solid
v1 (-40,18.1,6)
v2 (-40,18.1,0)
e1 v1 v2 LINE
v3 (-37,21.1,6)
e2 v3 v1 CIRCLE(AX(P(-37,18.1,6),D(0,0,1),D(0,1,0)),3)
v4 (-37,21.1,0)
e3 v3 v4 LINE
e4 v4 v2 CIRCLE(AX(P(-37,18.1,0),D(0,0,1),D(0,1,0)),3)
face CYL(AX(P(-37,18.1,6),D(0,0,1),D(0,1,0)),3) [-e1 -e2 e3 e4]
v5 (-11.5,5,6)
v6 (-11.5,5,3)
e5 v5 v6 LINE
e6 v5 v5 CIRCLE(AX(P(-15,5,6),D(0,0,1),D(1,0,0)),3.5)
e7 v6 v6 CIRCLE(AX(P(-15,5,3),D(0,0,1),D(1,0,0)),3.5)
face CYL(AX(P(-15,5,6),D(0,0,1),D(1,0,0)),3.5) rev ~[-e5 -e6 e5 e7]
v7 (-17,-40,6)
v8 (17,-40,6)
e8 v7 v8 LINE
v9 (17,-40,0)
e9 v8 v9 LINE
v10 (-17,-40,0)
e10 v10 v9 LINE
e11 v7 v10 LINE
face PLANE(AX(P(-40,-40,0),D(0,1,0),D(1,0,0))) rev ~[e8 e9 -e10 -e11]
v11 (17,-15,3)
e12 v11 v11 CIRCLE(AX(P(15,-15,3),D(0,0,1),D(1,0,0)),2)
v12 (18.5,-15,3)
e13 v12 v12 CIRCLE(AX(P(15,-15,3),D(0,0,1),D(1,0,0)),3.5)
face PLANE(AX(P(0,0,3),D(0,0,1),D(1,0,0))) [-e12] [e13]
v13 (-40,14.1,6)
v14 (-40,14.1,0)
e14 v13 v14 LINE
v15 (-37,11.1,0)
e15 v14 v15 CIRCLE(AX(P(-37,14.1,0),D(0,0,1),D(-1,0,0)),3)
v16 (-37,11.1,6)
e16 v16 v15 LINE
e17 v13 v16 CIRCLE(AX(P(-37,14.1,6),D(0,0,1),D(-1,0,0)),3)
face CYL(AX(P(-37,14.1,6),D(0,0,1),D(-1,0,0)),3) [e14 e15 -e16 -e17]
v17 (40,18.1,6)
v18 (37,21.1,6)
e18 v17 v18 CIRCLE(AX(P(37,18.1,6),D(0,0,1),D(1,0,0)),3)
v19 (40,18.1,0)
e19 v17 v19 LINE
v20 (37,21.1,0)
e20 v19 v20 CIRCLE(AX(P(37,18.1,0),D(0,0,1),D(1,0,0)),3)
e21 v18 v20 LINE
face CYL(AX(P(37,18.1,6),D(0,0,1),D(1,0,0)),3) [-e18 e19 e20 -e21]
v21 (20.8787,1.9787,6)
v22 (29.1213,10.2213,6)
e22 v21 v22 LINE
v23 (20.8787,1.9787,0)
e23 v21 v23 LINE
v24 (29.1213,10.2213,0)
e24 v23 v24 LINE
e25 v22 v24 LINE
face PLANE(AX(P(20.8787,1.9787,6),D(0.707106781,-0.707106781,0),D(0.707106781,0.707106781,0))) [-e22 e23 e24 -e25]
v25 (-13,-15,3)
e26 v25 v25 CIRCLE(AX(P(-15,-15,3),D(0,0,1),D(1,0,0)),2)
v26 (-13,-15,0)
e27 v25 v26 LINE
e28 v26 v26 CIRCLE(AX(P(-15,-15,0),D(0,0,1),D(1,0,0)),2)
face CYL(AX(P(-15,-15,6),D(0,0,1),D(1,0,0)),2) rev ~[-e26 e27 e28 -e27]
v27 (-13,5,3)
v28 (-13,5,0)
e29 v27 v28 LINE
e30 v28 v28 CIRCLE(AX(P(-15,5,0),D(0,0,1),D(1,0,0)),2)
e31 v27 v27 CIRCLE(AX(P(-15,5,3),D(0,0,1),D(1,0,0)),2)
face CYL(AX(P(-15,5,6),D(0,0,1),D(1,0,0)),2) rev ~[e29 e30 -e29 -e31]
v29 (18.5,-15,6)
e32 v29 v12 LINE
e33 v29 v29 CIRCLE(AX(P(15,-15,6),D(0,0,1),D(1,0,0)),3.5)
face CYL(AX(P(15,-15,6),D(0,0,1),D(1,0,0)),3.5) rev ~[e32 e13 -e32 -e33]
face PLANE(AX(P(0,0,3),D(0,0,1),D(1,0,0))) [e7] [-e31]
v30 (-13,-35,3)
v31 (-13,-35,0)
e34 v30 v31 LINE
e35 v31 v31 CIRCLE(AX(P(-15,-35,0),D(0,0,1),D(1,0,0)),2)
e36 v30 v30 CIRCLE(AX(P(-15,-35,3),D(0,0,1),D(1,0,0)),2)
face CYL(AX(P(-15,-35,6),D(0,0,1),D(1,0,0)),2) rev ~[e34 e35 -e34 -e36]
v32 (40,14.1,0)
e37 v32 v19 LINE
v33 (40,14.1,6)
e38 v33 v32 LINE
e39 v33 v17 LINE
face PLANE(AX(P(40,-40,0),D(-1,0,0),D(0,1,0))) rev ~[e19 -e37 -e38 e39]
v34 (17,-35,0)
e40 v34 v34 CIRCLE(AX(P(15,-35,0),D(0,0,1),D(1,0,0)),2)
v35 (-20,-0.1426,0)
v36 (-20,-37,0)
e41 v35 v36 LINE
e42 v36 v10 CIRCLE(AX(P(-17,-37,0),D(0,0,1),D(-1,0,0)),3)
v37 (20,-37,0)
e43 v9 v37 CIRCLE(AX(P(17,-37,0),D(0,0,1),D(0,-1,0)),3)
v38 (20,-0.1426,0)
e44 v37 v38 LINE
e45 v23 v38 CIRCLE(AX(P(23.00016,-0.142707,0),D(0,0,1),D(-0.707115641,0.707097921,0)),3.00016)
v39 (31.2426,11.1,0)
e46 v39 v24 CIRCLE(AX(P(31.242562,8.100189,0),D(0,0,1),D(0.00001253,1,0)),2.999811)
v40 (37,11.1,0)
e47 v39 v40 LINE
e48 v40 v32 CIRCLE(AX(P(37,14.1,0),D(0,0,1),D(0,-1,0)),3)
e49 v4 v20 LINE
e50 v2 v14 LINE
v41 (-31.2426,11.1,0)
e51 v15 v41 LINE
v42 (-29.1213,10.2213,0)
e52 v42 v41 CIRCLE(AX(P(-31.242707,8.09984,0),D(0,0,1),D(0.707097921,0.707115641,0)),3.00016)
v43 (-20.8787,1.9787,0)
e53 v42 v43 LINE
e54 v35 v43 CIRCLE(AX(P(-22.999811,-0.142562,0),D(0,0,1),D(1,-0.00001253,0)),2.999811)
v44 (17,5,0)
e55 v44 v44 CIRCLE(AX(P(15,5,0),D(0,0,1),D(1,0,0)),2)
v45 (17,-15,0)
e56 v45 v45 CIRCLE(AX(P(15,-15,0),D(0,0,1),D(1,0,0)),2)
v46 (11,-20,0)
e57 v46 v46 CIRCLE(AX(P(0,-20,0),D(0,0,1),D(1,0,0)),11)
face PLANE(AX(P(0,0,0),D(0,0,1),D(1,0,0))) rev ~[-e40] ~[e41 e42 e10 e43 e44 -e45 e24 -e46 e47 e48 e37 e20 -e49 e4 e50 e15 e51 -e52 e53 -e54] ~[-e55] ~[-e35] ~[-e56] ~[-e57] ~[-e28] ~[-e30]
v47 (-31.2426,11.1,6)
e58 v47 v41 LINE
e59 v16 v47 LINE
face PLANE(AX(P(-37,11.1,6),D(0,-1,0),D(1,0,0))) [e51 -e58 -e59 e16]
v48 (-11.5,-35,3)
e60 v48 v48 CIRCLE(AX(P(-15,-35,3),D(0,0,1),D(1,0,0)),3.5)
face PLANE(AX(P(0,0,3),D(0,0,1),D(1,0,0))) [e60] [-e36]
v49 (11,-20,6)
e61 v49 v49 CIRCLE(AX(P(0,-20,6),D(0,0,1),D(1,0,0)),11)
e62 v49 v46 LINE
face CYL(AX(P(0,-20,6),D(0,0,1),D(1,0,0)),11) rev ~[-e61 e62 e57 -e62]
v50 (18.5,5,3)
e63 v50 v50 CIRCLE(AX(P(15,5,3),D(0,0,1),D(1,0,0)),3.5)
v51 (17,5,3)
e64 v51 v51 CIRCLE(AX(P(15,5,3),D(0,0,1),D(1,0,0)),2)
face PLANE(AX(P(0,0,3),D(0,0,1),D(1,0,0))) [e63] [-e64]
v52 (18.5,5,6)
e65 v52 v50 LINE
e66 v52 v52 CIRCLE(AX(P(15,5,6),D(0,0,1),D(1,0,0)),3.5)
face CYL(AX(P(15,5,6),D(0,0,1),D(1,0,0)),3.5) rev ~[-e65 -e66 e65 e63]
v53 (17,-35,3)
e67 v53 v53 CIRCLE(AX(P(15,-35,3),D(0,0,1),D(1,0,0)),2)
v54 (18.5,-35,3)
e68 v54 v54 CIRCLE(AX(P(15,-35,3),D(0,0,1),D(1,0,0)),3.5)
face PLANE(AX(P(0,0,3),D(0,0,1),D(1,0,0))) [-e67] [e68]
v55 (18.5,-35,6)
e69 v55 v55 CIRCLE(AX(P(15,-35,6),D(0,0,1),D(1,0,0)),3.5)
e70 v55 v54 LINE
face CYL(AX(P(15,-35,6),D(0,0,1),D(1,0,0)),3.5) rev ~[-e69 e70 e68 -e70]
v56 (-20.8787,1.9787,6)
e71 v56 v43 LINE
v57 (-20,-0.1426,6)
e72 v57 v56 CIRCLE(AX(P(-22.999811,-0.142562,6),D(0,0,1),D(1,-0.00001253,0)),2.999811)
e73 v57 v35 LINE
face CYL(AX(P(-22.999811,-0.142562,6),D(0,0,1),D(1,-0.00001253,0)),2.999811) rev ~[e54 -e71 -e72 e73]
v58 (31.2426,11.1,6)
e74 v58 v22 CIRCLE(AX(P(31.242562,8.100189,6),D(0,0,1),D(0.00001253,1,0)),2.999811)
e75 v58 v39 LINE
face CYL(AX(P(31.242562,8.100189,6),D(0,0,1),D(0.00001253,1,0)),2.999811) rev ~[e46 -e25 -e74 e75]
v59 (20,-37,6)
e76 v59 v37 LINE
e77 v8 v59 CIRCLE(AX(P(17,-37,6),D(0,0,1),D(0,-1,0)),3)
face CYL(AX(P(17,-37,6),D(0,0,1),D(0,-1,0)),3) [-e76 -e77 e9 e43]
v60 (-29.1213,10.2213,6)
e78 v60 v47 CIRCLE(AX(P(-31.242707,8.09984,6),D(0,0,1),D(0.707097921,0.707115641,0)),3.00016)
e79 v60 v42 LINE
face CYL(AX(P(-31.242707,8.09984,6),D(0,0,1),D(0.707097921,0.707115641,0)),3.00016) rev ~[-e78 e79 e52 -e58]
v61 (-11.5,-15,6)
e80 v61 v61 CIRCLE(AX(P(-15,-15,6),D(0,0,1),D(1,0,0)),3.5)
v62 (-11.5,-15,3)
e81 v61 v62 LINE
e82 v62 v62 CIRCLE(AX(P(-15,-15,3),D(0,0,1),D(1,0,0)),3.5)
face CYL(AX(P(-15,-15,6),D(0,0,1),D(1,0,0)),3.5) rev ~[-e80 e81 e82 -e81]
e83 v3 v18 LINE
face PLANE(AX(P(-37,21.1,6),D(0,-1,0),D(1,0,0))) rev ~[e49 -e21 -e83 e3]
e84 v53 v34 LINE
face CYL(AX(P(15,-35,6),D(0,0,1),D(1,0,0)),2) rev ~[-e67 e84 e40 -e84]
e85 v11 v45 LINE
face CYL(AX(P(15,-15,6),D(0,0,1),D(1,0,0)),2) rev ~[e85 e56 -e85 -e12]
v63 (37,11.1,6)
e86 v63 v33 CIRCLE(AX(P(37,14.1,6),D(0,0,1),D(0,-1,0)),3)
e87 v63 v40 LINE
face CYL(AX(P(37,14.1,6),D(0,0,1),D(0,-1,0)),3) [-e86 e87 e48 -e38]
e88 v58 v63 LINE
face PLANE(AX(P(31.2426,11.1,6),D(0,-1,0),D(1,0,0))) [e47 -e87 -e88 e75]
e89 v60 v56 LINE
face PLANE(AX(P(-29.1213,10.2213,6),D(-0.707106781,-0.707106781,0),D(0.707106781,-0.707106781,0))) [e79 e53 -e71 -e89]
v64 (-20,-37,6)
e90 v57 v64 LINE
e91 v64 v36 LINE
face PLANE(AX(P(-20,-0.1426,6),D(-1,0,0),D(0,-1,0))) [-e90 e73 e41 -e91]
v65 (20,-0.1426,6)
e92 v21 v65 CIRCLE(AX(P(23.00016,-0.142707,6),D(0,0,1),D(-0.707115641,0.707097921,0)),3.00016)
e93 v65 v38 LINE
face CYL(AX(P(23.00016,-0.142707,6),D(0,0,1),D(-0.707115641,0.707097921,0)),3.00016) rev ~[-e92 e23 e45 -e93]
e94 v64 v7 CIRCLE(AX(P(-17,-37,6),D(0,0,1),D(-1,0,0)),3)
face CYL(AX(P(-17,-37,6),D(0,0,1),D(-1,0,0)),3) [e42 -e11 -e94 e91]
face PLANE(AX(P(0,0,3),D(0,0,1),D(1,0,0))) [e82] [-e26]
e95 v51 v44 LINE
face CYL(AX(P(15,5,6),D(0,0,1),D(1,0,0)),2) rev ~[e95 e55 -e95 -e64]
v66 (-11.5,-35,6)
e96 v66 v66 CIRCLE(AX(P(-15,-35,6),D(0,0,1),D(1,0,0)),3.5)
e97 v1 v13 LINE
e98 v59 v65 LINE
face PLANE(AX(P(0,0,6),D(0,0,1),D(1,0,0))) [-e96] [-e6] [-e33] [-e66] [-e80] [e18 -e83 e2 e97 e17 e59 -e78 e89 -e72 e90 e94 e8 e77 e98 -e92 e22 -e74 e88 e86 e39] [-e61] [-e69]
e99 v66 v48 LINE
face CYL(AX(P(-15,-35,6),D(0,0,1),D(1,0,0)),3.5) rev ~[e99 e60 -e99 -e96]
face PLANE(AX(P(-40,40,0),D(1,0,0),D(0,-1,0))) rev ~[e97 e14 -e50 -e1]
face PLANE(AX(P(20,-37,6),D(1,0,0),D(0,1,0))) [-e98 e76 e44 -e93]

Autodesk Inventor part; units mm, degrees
ref_plane "YZ Plane" through (0, 0, 0) normal (1, 0, 0) x (0, 1, 0)
ref_plane "XZ Plane" through (0, 0, 0) normal (0, 1, 0) x (-1, 0, 0)
ref_plane "XY Plane" through (0, 0, 0) normal (0, 0, 1) x (1, 0, 0)
sketch "Sketch1" plane through (0, 0, 0) normal (0, 0, 1) x (1, 0, 0)
  line L0 (-40, -40) -> (40, -40)
  line L1 (40, -40) -> (40, 40)
  line L2 (40, 40) -> (-40, 40)
  line L3 (-40, 40) -> (-40, -40)
  line L4 (-40, -40) -> (40, 40) construction
  line L5 (40, -40) -> (-40, 40) construction
  point P0 (0, 0)
  dimension "d0" = 80
  dimension "d1" = 80
extrude "Extrusion1" add sketch "Sketch1" along normal blind 6
sketch "Sketch2" plane through (0, 0, 6) normal (0, 0, 1) x (1, 0, 0)
  arc A0 (-37, 21.1) -> (-40, 18.1) centre (-37, 18.1) ccw projected
  line L0 (-40, 14.1) -> (-40, 18.1) projected
  arc A1 (-40, 14.1) -> (-37, 11.1) centre (-37, 14.1) ccw projected
  line L1 (-37, 11.1) -> (-31.2426, 11.1) projected
  arc A2 (-29.1213, 10.2213) -> (-31.2426, 11.1) centre (-31.2426, 8.1) ccw projected
  line L2 (-29.1213, 10.2213) -> (-20.8787, 1.9787) projected
  arc A3 (-20, -0.1426) -> (-20.8787, 1.9787) centre (-23, -0.1426) ccw projected
  line L3 (-20, -0.1426) -> (-20, -37) projected
  arc A4 (-20, -37) -> (-17, -40) centre (-17, -37) ccw projected
  line L4 (-17, -40) -> (17, -40) projected
  arc A5 (17, -40) -> (20, -37) centre (17, -37) ccw projected
  line L5 (20, -37) -> (20, -0.1426) projected
  arc A6 (20.8787, 1.9787) -> (20, -0.1426) centre (23, -0.1426) ccw projected
  line L6 (20.8787, 1.9787) -> (29.1213, 10.2213) projected
  arc A7 (31.2426, 11.1) -> (29.1213, 10.2213) centre (31.2426, 8.1) ccw projected
  line L7 (31.2426, 11.1) -> (37, 11.1) projected
  arc A8 (37, 11.1) -> (40, 14.1) centre (37, 14.1) ccw projected
  line L8 (40, 14.1) -> (40, 18.1) projected
  arc A9 (40, 18.1) -> (37, 21.1) centre (37, 18.1) ccw projected
  line L9 (-37, 21.1) -> (37, 21.1) projected
  line L10 (10.1, -30) -> (10.1, 11.1) projected
  line L11 (10.1, -30) -> (-10.1, -30) projected
  line L12 (-10.1, -30) -> (-10.1, 11.1) projected
  line L13 (-10.1, 11.1) -> (10.1, 11.1) projected
  circle A10 centre (15, -35) radius 2 projected
  circle A11 centre (-15, -15) radius 2 projected
  circle A12 centre (-15, -35) radius 2 projected
  circle A13 centre (15, -15) radius 2 projected
  circle A14 centre (-15, 5) radius 2 projected
  circle A15 centre (15, 5) radius 2 projected
  line L14 (-40, -40) -> (40, -40)
  line L15 (40, -40) -> (40, 40)
  line L16 (40, 40) -> (-40, 40)
  line L17 (-40, 40) -> (-40, -40)
  line L18 (-40, -40) -> (40, 40) construction
  line L19 (40, -40) -> (-40, 40) construction
  line L20 (40, 40) -> (-40, 40) projected
  line L21 (40, -40) -> (40, 40) projected
  line L22 (-10.1, -30) -> (10.1, -30)
  line L23 (10.1, -30) -> (10.1, 11.1)
  line L24 (10.1, 11.1) -> (-10.1, 11.1)
  line L25 (-10.1, 11.1) -> (-10.1, -30)
  line L26 (-10.1, -30) -> (10.1, 11.1) construction
  line L27 (10.1, -30) -> (-10.1, 11.1) construction
  point P0 (0, 0)
  point P1 (40, 14.1)
  point P2 (0, -9.45)
sketch "Sketch3" plane through (0, 0, 6) normal (0, 0, 1) x (1, 0, 0)
  line L0 (37, 14.1) -> (37, 21.1) projected
  line L1 (23, 14.1) -> (37, 14.1) projected
  arc A0 (23, 14.1) -> (17, 8.1) centre (23, 8.1) ccw projected
  line L2 (17, -37) -> (17, 8.1) projected
  line L3 (-17, -37) -> (17, -37) projected
  line L4 (-17, 8.1) -> (-17, -37) projected
  arc A1 (-17, 8.1) -> (-23, 14.1) centre (-23, 8.1) ccw projected
  line L5 (-37, 14.1) -> (-23, 14.1) projected
  line L6 (-37, 21.1) -> (-37, 14.1) projected
  line L7 (37, 21.1) -> (-37, 21.1) projected
  circle A2 centre (0, -20) radius 7.5 projected
  circle A3 centre (-7.525, -27.5) radius 2 projected
  circle A4 centre (7.525, -27.5) radius 2 projected
  circle A5 centre (7.525, 7.6) radius 2 projected
  circle A6 centre (-7.525, 7.6) radius 2 projected
  circle A7 centre (7.525, -7.5) radius 2 projected
  circle A8 centre (-7.525, -7.5) radius 2 projected
  circle A9 centre (0, -20) radius 11
  point P0 (0, 0)
  dimension "d4" = 22
extrude "Extrusion2" cut sketch "Sketch2" against normal blind 7 contours A0 L17 L16 L15 A9 L9 | A1 L1 A2 L2 A3 L3 A4 L14 L17 | L15 L14 A5 L5 A6 L6 A7 L7 A8 | A10 | A11 | A12 | A13 | A14 | A15
extrude "Extrusion3" cut sketch "Sketch3" against normal blind 7 contours A2 | A3 A9 | A3 A9 A4 | A4 A9 picked at (-7.1985, -27.22) picked at (7.2207, -27.1967)
sketch "Sketch4" plane through (0, 0, 6) normal (0, 0, 1) x (1, 0, 0)
  circle A0 centre (-15, 5) radius 2 projected
  circle A1 centre (15, 5) radius 2 projected
  circle A2 centre (-15, -15) radius 2 projected
  circle A3 centre (15, -15) radius 2 projected
  circle A4 centre (-15, -35) radius 2 projected
  circle A5 centre (15, -35) radius 2 projected
  circle A6 centre (15, 5) radius 3.5
  circle A7 centre (15, -15) radius 3.5
  circle A8 centre (15, -35) radius 3.5
  circle A9 centre (-15, -35) radius 3.5
  circle A10 centre (-15, -15) radius 3.5
  circle A11 centre (-15, 5) radius 3.5
  point P0 (0, 0)
  dimension "d9" = 7
  dimension "d10" = 7
  dimension "d11" = 7
  dimension "d12" = 7
  dimension "d13" = 7
  dimension "d14" = 7
extrude "Extrusion4" cut sketch "Sketch4" against normal blind 3
properties part number "stopper_motor_bracket_cover"
